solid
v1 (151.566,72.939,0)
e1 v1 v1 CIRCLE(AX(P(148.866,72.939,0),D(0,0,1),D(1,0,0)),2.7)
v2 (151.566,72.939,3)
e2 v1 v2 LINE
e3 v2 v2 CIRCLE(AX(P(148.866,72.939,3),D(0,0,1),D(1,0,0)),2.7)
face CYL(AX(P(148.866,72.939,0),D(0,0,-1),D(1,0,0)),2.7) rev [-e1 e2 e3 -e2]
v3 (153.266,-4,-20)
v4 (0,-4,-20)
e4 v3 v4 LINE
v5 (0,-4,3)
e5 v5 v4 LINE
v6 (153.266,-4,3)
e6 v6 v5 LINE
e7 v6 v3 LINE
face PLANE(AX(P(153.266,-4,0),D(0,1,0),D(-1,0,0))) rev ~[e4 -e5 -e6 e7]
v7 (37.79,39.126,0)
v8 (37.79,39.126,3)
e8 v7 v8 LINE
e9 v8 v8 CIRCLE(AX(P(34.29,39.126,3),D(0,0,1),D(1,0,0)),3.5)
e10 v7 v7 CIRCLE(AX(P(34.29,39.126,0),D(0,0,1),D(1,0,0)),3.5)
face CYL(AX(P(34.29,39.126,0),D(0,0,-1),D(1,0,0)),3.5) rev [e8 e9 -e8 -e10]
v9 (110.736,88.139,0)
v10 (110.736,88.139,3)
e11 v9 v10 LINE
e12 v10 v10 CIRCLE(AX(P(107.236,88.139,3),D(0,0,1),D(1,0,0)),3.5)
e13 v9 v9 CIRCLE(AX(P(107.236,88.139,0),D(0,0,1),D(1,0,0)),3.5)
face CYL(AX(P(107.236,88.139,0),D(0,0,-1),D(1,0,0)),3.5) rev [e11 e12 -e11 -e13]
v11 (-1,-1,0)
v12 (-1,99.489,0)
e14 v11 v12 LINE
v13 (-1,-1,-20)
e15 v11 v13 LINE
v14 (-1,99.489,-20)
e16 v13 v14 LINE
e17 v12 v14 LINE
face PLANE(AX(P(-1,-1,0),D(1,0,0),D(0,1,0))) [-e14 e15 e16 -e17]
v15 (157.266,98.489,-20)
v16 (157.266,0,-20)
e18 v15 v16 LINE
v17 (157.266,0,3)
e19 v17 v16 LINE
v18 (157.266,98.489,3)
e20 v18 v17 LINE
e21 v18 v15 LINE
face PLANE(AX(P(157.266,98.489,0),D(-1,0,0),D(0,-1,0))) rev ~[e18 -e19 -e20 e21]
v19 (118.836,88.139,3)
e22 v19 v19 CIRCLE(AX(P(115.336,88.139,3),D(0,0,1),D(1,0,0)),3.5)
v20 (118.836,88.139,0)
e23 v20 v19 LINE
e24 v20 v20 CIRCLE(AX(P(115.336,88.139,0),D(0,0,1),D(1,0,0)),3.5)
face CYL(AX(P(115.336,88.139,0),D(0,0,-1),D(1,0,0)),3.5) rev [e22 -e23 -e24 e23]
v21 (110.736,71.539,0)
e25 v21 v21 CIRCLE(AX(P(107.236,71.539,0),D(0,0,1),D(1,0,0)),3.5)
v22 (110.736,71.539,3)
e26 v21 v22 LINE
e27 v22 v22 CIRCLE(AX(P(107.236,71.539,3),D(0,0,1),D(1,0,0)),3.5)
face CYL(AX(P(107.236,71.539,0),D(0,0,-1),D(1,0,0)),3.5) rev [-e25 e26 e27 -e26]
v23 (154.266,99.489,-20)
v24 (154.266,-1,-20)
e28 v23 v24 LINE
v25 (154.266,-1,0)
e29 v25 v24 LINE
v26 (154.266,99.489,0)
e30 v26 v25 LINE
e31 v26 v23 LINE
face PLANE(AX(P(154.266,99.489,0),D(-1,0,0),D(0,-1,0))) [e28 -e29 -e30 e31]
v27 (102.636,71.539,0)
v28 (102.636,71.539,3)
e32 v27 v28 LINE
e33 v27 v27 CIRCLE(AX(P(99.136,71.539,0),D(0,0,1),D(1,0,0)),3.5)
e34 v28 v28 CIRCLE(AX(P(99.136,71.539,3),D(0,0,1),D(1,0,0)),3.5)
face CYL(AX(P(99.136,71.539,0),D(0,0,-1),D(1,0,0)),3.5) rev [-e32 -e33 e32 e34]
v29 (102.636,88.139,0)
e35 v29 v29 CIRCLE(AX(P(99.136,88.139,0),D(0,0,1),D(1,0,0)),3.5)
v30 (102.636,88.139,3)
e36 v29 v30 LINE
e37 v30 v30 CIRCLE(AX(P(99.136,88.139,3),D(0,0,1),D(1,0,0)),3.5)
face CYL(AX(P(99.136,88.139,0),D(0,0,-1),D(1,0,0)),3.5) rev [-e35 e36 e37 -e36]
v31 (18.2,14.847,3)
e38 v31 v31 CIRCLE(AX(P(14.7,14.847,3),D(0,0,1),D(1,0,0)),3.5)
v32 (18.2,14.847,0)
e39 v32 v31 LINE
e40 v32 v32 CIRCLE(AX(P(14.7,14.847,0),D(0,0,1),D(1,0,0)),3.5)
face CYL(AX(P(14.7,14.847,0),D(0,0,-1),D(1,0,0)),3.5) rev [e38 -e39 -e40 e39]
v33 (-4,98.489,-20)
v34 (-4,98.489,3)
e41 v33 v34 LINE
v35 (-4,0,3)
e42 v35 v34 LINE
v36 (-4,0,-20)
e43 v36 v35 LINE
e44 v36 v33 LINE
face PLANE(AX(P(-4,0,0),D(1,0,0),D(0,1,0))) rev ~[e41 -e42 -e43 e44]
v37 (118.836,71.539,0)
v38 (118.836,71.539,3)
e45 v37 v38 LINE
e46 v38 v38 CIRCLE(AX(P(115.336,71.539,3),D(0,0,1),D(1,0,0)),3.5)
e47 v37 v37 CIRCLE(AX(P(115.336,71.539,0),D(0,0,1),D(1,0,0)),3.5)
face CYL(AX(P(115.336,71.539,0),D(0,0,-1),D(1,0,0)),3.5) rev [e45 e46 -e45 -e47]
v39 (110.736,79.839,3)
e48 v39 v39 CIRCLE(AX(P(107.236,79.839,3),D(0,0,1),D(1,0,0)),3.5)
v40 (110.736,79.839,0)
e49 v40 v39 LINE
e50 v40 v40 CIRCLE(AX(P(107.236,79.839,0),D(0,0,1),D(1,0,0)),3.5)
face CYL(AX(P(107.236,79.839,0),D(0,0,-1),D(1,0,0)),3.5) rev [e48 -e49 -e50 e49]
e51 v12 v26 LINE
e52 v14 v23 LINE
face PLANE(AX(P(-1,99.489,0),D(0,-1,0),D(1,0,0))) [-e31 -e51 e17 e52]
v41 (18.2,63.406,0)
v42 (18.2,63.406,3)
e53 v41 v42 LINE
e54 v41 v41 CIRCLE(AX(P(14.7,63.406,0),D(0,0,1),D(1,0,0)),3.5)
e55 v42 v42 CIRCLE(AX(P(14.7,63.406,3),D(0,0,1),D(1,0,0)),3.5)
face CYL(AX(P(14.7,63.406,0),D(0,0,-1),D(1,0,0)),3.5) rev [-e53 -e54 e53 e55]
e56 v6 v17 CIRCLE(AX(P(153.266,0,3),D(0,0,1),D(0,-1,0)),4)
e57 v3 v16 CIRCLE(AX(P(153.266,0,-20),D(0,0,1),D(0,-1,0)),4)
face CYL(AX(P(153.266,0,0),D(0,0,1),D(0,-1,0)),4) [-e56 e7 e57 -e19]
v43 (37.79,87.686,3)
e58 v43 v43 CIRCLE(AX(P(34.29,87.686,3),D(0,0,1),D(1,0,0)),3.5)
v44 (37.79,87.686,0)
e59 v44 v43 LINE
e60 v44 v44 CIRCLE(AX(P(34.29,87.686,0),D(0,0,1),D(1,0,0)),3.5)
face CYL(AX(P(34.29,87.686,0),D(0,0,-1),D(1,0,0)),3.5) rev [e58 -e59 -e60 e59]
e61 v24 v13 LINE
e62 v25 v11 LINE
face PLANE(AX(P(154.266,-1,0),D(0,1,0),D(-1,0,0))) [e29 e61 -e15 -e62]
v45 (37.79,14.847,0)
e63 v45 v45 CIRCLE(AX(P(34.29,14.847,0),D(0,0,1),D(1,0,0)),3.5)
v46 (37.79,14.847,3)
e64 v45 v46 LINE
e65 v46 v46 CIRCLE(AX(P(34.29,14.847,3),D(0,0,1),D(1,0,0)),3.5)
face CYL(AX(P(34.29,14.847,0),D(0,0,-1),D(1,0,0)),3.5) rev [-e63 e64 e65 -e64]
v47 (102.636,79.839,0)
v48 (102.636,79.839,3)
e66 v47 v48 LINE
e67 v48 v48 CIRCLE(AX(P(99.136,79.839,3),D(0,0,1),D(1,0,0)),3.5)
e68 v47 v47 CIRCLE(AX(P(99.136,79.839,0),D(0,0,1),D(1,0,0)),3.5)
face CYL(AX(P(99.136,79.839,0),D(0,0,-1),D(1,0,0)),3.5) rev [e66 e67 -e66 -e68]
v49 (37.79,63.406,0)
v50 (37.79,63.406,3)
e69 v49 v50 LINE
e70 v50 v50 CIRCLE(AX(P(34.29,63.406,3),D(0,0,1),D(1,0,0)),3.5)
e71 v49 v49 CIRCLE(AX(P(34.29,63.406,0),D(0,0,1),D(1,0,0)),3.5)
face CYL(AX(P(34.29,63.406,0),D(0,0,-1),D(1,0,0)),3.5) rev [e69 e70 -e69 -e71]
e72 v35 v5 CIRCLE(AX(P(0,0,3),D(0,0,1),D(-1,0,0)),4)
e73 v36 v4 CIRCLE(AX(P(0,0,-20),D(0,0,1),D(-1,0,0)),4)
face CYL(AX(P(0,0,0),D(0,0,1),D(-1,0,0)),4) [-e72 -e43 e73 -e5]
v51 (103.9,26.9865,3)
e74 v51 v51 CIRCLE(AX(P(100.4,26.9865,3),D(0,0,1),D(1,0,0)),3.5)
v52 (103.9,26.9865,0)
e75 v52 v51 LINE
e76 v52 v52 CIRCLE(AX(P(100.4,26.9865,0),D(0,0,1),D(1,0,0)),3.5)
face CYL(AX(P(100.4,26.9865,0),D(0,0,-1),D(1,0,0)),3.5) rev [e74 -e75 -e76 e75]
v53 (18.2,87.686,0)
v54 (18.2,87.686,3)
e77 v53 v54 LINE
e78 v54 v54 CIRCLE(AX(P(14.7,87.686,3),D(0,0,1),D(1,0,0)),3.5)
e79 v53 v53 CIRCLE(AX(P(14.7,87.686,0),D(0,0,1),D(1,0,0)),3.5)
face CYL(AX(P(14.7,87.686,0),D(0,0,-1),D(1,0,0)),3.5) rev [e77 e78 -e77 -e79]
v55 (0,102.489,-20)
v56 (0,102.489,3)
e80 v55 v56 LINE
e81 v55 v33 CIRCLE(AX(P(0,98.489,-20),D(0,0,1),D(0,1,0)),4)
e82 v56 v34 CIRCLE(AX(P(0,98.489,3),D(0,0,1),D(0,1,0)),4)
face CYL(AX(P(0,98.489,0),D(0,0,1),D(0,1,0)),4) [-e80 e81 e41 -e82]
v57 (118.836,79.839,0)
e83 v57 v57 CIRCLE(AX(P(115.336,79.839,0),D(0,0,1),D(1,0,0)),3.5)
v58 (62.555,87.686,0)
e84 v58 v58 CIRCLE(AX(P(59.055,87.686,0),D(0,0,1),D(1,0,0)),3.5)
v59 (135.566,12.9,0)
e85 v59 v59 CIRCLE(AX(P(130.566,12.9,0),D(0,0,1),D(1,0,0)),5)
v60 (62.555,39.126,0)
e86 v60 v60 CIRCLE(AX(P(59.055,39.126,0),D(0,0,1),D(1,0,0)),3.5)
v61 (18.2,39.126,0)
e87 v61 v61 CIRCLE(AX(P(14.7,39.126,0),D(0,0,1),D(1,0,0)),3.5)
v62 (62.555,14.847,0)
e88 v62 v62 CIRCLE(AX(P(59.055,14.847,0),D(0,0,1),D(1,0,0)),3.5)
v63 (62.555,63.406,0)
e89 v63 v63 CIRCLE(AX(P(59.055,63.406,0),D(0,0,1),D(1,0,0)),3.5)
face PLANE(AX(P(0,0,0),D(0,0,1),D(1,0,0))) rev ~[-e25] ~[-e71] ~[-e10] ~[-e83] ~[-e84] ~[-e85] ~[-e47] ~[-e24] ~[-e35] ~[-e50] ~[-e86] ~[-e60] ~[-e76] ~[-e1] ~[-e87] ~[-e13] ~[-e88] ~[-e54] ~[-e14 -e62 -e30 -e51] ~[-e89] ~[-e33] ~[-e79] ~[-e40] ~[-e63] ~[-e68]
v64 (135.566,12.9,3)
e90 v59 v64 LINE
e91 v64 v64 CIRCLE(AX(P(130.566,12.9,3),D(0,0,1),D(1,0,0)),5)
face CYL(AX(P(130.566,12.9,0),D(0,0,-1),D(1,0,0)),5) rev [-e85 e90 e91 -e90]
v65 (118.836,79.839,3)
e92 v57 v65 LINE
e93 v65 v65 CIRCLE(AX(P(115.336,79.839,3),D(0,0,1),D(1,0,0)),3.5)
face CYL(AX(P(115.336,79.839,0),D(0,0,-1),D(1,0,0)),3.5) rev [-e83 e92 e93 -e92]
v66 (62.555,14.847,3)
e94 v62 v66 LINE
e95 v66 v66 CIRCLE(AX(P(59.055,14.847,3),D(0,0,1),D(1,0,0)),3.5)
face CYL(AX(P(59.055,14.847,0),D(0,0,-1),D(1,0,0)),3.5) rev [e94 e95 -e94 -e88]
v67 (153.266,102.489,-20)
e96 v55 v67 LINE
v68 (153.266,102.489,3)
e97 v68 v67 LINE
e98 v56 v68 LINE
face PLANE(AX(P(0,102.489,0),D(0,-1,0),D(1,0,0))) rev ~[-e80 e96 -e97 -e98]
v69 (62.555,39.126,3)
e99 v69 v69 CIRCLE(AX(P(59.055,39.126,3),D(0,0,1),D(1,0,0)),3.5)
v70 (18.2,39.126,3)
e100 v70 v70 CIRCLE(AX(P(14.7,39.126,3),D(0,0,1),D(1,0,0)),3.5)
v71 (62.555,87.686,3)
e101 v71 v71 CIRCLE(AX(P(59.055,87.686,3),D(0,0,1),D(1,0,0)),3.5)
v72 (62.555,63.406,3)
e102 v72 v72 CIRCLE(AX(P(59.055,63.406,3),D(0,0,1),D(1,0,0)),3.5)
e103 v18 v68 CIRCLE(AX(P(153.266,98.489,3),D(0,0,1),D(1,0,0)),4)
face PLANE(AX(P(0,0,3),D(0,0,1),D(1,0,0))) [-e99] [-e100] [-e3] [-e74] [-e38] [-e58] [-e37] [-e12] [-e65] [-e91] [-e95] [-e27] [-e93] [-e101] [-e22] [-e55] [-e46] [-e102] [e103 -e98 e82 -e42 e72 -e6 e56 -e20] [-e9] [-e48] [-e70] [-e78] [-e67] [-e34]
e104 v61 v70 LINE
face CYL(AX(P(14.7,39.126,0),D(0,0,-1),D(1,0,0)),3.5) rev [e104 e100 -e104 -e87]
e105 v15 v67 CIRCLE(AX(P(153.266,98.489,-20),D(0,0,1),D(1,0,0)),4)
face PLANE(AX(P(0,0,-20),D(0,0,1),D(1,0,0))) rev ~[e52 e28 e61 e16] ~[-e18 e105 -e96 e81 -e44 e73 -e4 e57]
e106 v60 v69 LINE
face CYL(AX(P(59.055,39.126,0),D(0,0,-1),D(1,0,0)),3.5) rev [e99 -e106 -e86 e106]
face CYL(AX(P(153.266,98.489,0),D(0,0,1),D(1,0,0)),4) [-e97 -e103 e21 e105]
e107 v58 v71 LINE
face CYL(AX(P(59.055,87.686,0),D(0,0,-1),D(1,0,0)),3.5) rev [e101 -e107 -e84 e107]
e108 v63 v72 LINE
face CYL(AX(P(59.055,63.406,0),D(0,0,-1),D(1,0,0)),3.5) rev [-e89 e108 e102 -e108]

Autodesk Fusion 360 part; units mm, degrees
sketch "Skizze1" plane through (0, 0, 0) normal (0, 0, 1) x (1, 0, 0)
  line L0 (0, 0) -> (153.266, 0)
  line L1 (153.266, 0) -> (153.266, 98.489)
  line L2 (153.266, 98.489) -> (0, 98.489)
  line L3 (0, 98.489) -> (0, 0)
  line L4 (0, 98.489) -> (7.779, 98.489)
  circle A0 centre (7.779, 92.6815) radius 2.25
  circle A1 centre (76.633, 92.6815) radius 2.25
  circle A2 centre (145.487, 92.6815) radius 2.25
  circle A3 centre (7.779, 49.2445) radius 2.25
  circle A4 centre (7.779, 5.8075) radius 2.25
  circle A5 centre (76.633, 49.2445) radius 2.25
  circle A6 centre (145.487, 49.2445) radius 2.25
  circle A7 centre (76.633, 5.8075) radius 2.25
  circle A8 centre (145.487, 5.8075) radius 2.25
  circle A9 centre (14.7, 87.686) radius 3.5
  circle A10 centre (14.7, 63.406) radius 3.5
  circle A11 centre (14.7, 39.126) radius 3.5
  circle A12 centre (14.7, 14.847) radius 3.5
  circle A13 centre (34.29, 87.686) radius 3.5
  circle A14 centre (34.29, 63.406) radius 3.5
  circle A15 centre (34.29, 39.126) radius 3.5
  circle A16 centre (34.29, 14.847) radius 3.5
  circle A17 centre (59.055, 87.686) radius 3.5
  circle A18 centre (59.055, 63.406) radius 3.5
  circle A19 centre (59.055, 39.126) radius 3.5
  circle A20 centre (59.055, 14.847) radius 3.5
  circle A21 centre (100.4, 26.9865) radius 3.5
  circle A22 centre (130.566, 12.9) radius 5
  circle A23 centre (148.866, 72.939) radius 2.7
  circle A24 centre (115.336, 88.139) radius 3.5
  circle A25 centre (115.336, 79.839) radius 3.5
  circle A26 centre (115.336, 71.539) radius 3.5
  circle A27 centre (107.236, 88.139) radius 3.5
  circle A28 centre (107.236, 79.839) radius 3.5
  circle A29 centre (107.236, 71.539) radius 3.5
  circle A30 centre (99.136, 88.139) radius 3.5
  circle A31 centre (99.136, 79.839) radius 3.5
  circle A32 centre (99.136, 71.539) radius 3.5
  line L5 (-1, 99.489) -> (154.266, 99.489)
  line L6 (154.266, 99.489) -> (154.266, -1)
  line L7 (154.266, -1) -> (-1, -1)
  line L8 (-1, -1) -> (-1, 99.489)
  line L9 (0, 102.489) -> (153.266, 102.489)
  line L10 (157.266, 98.489) -> (157.266, 0)
  line L11 (153.266, -4) -> (0, -4)
  line L12 (-4, 0) -> (-4, 98.489)
  arc A33 (153.266, -4) -> (157.266, 0) centre (153.266, 0) ccw
  arc A34 (157.266, 98.489) -> (153.266, 102.489) centre (153.266, 98.489) ccw
  arc A35 (0, 102.489) -> (-4, 98.489) centre (0, 98.489) ccw
  arc A36 (-4, 0) -> (0, -4) centre (0, 0) ccw
  dimension "d1" = 153.266
  dimension "d2" = 98.489
  dimension "d5" = 7.779
  dimension "d7" = 4.5
  dimension "d8" = 4.5
  dimension "d9" = 4.5
  dimension "d10" = 4.5
  dimension "d11" = 4.5
  dimension "d12" = 4.5
  dimension "d13" = 4.5
  dimension "d14" = 4.5
  dimension "d15" = 4.5
  dimension "d23" = 7
  dimension "d24" = 7
  dimension "d25" = 7
  dimension "d26" = 7
  dimension "d27" = 7
  dimension "d28" = 7
  dimension "d29" = 7
  dimension "d30" = 7
  dimension "d31" = 7
  dimension "d32" = 7
  dimension "d33" = 7
  dimension "d34" = 7
  dimension "d37" = 7
  dimension "d40" = 10
  dimension "d43" = 5.4
  dimension "d46" = 7
  dimension "d47" = 7
  dimension "d48" = 7
  dimension "d49" = 7
  dimension "d50" = 7
  dimension "d51" = 7
  dimension "d52" = 7
  dimension "d53" = 7
  dimension "d54" = 7
  dimension "d67" = 4
  dimension "d68" = 4
  dimension "d69" = 4
  dimension "d70" = 4
extrude "Extrusion2" add sketch "Skizze1" along normal blind 3 contours L0 L1 L2 L3 L4 | A0 | A1 | A2 | A3 | A4 | A5 | A6 | A7 | A8 | L5 L6 L7 L8 | L9 L10 L11 L12 A33 A34 A35 A36
extrude "Extrusion3" add sketch "Skizze1" against normal blind 20 contours L9 L10 L11 L12 A33 A34 A35 A36
